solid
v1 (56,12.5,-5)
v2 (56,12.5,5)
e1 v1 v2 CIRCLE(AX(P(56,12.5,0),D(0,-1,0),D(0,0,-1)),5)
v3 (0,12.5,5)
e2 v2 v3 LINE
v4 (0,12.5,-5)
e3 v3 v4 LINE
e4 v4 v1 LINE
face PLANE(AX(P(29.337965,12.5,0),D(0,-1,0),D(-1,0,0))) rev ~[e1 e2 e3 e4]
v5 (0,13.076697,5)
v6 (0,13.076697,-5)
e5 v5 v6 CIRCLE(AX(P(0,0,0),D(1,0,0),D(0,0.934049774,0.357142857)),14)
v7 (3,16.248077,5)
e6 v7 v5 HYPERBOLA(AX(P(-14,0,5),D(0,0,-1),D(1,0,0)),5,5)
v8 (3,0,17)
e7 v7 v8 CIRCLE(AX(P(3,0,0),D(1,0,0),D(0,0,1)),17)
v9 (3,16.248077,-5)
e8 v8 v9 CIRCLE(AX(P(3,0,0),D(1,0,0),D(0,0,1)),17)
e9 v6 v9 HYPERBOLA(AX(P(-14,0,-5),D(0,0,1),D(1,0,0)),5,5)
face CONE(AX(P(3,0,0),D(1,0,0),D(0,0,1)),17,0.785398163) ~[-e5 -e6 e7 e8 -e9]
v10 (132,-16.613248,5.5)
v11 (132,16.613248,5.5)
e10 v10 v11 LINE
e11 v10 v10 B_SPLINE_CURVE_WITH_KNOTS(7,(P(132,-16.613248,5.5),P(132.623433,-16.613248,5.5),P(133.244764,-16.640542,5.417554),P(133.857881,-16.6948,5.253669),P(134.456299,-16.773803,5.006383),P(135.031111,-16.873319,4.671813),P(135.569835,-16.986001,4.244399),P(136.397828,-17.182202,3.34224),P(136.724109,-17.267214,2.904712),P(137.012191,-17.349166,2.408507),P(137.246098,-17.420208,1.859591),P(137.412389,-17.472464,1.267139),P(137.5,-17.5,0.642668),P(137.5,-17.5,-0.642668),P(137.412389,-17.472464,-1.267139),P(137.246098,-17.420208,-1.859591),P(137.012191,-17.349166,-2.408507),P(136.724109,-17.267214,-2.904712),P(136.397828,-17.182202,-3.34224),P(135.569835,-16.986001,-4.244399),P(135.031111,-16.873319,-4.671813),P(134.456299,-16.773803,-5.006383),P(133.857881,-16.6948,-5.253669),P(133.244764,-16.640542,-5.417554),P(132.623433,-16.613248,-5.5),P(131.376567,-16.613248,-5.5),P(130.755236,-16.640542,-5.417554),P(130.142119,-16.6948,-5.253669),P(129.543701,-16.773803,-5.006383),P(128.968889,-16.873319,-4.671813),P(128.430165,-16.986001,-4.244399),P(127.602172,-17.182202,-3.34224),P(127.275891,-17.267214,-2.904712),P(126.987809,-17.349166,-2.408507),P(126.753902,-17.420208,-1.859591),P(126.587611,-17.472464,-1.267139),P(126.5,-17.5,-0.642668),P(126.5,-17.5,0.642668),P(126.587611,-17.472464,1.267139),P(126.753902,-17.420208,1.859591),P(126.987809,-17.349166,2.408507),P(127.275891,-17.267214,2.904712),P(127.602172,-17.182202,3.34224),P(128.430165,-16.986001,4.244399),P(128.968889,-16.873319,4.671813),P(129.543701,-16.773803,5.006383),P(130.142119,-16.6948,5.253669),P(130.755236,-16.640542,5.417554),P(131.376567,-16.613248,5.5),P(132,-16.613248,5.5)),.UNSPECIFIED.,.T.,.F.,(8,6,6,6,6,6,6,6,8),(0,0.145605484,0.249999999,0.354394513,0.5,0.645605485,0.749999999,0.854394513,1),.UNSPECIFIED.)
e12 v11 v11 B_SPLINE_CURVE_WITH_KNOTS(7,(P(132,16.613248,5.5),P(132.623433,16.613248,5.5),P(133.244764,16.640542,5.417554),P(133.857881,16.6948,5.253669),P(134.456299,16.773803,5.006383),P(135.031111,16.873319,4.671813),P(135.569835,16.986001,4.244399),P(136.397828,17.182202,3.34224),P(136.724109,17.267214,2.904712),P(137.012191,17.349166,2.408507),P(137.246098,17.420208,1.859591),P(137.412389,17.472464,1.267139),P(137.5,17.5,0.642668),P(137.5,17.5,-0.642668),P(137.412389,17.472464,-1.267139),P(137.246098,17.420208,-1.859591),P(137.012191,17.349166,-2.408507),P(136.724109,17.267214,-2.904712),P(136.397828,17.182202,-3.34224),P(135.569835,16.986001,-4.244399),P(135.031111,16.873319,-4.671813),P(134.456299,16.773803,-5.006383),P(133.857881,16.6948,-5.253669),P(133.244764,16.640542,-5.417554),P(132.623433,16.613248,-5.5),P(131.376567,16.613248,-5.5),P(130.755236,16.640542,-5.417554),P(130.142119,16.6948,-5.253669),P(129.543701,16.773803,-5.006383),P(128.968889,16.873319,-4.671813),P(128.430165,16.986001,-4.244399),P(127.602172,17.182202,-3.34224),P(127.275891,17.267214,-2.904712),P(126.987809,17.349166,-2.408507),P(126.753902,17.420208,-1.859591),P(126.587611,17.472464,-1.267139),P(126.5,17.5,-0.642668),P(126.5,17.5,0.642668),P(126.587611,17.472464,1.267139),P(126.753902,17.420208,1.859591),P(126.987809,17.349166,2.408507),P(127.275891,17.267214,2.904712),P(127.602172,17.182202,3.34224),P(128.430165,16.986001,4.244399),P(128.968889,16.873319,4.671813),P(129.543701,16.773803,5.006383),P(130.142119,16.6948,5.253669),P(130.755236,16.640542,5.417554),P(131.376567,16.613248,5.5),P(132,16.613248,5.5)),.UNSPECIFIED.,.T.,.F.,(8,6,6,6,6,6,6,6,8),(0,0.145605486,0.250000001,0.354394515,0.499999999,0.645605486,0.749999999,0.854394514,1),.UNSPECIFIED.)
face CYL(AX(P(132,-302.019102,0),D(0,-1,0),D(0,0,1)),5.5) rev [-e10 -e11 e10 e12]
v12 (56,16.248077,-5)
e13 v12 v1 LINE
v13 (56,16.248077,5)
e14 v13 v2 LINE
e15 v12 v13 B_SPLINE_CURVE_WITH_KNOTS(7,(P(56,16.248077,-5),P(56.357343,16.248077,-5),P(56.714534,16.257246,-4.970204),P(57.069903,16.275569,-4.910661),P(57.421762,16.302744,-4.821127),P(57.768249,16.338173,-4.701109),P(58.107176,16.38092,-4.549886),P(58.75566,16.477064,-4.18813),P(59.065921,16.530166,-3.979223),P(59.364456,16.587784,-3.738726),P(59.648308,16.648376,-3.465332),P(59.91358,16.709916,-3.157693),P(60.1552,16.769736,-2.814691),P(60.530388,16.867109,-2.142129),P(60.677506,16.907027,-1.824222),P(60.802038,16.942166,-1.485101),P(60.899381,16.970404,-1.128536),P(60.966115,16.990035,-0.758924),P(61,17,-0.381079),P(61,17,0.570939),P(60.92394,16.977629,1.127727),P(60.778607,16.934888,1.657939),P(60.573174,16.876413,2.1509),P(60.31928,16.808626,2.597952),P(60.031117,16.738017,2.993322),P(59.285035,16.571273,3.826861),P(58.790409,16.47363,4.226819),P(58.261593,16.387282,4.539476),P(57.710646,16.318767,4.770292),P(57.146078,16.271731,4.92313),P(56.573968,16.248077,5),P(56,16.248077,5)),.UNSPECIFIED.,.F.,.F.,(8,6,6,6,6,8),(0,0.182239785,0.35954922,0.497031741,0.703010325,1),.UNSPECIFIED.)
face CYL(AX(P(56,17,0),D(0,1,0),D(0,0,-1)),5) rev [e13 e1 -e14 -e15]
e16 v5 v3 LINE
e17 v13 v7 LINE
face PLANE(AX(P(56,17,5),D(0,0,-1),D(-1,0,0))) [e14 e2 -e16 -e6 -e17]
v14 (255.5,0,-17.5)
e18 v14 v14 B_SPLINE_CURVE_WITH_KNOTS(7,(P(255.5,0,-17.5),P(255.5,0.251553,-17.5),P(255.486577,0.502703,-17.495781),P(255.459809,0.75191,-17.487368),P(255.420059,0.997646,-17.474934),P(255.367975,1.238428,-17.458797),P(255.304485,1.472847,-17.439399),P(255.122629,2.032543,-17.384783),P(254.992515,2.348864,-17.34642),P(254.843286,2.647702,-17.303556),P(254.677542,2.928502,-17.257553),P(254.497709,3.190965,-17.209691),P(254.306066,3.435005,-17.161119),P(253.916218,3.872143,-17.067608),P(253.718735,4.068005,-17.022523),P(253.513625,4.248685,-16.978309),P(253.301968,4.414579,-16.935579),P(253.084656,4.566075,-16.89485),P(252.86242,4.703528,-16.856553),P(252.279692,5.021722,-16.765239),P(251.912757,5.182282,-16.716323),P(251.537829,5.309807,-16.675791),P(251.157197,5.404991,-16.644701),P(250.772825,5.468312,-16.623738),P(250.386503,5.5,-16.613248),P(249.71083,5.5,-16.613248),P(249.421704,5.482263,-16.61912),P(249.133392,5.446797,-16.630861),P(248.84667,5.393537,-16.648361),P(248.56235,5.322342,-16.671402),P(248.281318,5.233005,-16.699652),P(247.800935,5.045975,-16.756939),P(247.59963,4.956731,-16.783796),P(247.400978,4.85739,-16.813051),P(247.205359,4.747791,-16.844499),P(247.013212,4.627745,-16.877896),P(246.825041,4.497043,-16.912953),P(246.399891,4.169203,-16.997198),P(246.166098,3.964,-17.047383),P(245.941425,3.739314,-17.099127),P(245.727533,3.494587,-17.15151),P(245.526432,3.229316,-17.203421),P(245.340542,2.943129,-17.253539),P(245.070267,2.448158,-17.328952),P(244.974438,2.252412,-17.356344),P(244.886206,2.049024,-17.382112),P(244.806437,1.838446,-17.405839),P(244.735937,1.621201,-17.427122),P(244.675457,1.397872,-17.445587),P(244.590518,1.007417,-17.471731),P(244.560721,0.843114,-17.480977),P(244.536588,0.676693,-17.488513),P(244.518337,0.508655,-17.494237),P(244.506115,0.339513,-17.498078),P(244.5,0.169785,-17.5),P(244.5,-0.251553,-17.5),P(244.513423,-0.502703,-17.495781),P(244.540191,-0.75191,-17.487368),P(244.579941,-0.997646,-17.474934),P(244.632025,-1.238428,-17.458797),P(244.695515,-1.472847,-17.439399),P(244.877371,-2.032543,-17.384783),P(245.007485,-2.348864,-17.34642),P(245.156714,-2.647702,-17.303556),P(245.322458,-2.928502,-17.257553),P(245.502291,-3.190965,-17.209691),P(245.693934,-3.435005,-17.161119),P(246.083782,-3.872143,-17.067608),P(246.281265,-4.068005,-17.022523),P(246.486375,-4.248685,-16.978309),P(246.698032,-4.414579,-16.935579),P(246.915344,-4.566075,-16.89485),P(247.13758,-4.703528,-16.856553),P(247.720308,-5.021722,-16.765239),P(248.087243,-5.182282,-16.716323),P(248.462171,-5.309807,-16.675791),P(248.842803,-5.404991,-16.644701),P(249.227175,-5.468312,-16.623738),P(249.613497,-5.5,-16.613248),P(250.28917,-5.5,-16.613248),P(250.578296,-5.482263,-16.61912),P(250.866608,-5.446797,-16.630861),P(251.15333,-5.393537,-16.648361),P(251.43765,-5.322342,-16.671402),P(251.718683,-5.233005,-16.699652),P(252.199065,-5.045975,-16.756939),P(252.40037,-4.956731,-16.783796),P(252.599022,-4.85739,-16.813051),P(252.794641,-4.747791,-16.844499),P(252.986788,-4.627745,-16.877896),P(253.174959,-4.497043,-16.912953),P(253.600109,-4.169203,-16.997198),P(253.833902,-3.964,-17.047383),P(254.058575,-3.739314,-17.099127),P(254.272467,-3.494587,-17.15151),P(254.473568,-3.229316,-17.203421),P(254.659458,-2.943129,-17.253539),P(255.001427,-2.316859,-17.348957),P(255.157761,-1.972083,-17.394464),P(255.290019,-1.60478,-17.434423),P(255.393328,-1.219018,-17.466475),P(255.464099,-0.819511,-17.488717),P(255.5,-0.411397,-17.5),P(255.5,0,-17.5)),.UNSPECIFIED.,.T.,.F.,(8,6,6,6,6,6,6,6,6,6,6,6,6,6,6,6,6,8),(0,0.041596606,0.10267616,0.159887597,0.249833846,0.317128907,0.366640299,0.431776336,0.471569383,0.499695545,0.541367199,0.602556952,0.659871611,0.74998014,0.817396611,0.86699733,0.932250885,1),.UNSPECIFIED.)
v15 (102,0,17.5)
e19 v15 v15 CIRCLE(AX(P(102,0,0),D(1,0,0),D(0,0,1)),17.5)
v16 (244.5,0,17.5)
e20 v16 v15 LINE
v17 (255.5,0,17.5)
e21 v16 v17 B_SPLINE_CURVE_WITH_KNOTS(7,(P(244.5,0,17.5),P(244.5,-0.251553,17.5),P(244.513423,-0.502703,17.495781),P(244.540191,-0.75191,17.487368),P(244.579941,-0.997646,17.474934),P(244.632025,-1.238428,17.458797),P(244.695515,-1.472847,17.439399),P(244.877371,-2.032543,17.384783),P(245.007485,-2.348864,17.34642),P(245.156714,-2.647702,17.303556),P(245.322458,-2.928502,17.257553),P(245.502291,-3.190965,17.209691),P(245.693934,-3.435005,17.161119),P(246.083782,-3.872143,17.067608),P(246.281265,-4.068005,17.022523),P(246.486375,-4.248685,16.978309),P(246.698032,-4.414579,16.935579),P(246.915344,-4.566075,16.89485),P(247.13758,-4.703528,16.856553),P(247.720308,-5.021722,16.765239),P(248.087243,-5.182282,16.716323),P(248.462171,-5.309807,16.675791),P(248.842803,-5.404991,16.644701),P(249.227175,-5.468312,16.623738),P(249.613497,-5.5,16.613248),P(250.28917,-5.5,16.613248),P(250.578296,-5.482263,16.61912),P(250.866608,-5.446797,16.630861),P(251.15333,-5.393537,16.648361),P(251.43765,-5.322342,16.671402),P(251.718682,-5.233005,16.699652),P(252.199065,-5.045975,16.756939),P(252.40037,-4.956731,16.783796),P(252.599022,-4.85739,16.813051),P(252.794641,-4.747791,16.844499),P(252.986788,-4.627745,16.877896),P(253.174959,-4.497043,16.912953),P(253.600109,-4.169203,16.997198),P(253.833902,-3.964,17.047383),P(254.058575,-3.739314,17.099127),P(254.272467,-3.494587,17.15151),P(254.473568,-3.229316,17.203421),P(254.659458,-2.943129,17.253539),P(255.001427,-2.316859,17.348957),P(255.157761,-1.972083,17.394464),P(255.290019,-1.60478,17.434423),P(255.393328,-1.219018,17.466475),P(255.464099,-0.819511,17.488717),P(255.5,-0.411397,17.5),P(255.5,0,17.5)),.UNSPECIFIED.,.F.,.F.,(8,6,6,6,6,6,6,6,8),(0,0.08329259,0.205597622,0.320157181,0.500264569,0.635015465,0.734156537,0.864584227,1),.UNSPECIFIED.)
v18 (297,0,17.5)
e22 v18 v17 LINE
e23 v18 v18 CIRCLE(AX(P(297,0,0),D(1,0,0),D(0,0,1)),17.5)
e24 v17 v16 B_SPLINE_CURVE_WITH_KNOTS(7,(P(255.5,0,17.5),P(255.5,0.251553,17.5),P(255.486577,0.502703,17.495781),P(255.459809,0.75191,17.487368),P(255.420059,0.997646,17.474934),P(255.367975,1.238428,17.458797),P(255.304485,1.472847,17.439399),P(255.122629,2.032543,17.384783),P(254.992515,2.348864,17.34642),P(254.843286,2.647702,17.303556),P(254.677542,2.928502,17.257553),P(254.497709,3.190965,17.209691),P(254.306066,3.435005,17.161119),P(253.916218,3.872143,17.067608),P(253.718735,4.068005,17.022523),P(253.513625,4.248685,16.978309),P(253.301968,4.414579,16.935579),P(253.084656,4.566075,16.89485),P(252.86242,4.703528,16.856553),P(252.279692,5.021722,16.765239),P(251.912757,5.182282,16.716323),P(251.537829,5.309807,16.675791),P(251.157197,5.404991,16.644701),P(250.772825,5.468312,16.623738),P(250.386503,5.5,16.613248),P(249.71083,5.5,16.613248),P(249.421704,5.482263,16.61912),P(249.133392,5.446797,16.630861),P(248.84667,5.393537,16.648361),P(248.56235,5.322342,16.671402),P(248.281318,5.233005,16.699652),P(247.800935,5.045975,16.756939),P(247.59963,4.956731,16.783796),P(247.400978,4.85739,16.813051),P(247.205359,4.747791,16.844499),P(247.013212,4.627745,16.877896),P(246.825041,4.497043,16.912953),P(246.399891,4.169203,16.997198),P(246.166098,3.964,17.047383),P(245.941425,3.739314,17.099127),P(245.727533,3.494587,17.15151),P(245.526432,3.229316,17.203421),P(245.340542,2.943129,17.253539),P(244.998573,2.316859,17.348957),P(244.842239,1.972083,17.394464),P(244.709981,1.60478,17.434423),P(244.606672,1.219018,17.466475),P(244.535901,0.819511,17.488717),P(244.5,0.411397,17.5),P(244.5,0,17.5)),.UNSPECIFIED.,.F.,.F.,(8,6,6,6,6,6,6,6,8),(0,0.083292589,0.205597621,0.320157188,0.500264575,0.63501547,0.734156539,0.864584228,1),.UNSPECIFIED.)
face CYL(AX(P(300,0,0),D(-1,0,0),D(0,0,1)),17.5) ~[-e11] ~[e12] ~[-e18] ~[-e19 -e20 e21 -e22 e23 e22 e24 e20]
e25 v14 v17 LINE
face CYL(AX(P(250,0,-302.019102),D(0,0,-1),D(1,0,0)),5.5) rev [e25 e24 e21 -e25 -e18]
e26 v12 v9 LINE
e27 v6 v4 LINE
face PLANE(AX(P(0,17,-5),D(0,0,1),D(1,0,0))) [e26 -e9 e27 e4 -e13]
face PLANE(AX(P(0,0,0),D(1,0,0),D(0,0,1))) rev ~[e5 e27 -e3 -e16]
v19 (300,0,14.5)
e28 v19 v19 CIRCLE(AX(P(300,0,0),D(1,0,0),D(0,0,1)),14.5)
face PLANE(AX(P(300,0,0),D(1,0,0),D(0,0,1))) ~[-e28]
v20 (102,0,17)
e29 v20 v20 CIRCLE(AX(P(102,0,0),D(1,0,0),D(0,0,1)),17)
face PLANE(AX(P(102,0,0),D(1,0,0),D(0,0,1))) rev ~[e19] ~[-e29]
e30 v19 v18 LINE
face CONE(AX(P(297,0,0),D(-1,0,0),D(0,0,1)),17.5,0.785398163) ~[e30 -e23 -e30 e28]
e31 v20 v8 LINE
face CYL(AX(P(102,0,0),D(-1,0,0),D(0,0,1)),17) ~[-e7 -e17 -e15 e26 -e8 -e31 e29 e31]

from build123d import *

# Parameters (mm, degrees)
CHAMFER1_SIZE           = 3
CUT_EXTRUDE1_START      = 17
CUT_EXTRUDE1_DEPTH      = 4.5
CUT_EXTRUDE2_DEPTH      = 302.019102384
CUT_EXTRUDE2_DEPTH_BACK = 302.019102384
SKETCH3_R               = 5.5
CUT_EXTRUDE3_DEPTH      = 302.019102396
CUT_EXTRUDE3_DEPTH_BACK = 302.019102396
SKETCH4_R               = 5.5


with BuildPart() as part:
    # Sketch1 → Revolve1 (revolve)
    with BuildSketch(Plane.XY, mode=Mode.PRIVATE) as revolve1_sk:
        Polygon((0, 0), (300, 0), (300, 17.5), (102, 17.5), (102, 17), (0, 17), align=None)
    revolve(revolve1_sk.sketch.rotate(Axis((0, 0, 0), (1, 0, 0)), 90), axis=Axis((0, 0, 0), (1, 0, 0)))

    # Chamfer1
    chamfer1_edges = [part.edges().sort_by_distance(p)[0] for p in [
        (0, 0, -17),
        (300, 0, -17.5),
    ]]
    chamfer(chamfer1_edges, length=CHAMFER1_SIZE)

    # Sketch2 → Cut-Extrude1 (cut)
    with BuildSketch(Plane(origin=(0, 0, 0), x_dir=(1, 0, 0), z_dir=(0, 1, 0)).offset(CUT_EXTRUDE1_START)):
        with BuildLine():
            Line((0, 5), (56, 5))
            ThreePointArc((56, 5), (61, 0), (56, -5))
            Line((56, -5), (0, -5))
            Line((0, -5), (0, 5))
        make_face()
    extrude(amount=-CUT_EXTRUDE1_DEPTH, mode=Mode.SUBTRACT)

    # Sketch3 → Cut-Extrude2 (cut, two sides: drawn at the far end of the back side and taken through both)
    with BuildSketch(Plane(origin=(0, 0, 0), x_dir=(1, 0, 0), z_dir=(0, 1, 0)).offset(-CUT_EXTRUDE2_DEPTH_BACK)):
        with Locations(Location((132, 0, 0), (0, 0, 270))):
            Circle(SKETCH3_R)
    extrude(amount=CUT_EXTRUDE2_DEPTH + CUT_EXTRUDE2_DEPTH_BACK, mode=Mode.SUBTRACT)

    # Sketch4 → Cut-Extrude3 (cut, two sides: drawn at the far end of the back side and taken through both)
    with BuildSketch(Plane.XY.offset(-CUT_EXTRUDE3_DEPTH_BACK)):
        with Locations((250, 0)):
            Circle(SKETCH4_R)
    extrude(amount=CUT_EXTRUDE3_DEPTH + CUT_EXTRUDE3_DEPTH_BACK, mode=Mode.SUBTRACT)


solid = part.part
